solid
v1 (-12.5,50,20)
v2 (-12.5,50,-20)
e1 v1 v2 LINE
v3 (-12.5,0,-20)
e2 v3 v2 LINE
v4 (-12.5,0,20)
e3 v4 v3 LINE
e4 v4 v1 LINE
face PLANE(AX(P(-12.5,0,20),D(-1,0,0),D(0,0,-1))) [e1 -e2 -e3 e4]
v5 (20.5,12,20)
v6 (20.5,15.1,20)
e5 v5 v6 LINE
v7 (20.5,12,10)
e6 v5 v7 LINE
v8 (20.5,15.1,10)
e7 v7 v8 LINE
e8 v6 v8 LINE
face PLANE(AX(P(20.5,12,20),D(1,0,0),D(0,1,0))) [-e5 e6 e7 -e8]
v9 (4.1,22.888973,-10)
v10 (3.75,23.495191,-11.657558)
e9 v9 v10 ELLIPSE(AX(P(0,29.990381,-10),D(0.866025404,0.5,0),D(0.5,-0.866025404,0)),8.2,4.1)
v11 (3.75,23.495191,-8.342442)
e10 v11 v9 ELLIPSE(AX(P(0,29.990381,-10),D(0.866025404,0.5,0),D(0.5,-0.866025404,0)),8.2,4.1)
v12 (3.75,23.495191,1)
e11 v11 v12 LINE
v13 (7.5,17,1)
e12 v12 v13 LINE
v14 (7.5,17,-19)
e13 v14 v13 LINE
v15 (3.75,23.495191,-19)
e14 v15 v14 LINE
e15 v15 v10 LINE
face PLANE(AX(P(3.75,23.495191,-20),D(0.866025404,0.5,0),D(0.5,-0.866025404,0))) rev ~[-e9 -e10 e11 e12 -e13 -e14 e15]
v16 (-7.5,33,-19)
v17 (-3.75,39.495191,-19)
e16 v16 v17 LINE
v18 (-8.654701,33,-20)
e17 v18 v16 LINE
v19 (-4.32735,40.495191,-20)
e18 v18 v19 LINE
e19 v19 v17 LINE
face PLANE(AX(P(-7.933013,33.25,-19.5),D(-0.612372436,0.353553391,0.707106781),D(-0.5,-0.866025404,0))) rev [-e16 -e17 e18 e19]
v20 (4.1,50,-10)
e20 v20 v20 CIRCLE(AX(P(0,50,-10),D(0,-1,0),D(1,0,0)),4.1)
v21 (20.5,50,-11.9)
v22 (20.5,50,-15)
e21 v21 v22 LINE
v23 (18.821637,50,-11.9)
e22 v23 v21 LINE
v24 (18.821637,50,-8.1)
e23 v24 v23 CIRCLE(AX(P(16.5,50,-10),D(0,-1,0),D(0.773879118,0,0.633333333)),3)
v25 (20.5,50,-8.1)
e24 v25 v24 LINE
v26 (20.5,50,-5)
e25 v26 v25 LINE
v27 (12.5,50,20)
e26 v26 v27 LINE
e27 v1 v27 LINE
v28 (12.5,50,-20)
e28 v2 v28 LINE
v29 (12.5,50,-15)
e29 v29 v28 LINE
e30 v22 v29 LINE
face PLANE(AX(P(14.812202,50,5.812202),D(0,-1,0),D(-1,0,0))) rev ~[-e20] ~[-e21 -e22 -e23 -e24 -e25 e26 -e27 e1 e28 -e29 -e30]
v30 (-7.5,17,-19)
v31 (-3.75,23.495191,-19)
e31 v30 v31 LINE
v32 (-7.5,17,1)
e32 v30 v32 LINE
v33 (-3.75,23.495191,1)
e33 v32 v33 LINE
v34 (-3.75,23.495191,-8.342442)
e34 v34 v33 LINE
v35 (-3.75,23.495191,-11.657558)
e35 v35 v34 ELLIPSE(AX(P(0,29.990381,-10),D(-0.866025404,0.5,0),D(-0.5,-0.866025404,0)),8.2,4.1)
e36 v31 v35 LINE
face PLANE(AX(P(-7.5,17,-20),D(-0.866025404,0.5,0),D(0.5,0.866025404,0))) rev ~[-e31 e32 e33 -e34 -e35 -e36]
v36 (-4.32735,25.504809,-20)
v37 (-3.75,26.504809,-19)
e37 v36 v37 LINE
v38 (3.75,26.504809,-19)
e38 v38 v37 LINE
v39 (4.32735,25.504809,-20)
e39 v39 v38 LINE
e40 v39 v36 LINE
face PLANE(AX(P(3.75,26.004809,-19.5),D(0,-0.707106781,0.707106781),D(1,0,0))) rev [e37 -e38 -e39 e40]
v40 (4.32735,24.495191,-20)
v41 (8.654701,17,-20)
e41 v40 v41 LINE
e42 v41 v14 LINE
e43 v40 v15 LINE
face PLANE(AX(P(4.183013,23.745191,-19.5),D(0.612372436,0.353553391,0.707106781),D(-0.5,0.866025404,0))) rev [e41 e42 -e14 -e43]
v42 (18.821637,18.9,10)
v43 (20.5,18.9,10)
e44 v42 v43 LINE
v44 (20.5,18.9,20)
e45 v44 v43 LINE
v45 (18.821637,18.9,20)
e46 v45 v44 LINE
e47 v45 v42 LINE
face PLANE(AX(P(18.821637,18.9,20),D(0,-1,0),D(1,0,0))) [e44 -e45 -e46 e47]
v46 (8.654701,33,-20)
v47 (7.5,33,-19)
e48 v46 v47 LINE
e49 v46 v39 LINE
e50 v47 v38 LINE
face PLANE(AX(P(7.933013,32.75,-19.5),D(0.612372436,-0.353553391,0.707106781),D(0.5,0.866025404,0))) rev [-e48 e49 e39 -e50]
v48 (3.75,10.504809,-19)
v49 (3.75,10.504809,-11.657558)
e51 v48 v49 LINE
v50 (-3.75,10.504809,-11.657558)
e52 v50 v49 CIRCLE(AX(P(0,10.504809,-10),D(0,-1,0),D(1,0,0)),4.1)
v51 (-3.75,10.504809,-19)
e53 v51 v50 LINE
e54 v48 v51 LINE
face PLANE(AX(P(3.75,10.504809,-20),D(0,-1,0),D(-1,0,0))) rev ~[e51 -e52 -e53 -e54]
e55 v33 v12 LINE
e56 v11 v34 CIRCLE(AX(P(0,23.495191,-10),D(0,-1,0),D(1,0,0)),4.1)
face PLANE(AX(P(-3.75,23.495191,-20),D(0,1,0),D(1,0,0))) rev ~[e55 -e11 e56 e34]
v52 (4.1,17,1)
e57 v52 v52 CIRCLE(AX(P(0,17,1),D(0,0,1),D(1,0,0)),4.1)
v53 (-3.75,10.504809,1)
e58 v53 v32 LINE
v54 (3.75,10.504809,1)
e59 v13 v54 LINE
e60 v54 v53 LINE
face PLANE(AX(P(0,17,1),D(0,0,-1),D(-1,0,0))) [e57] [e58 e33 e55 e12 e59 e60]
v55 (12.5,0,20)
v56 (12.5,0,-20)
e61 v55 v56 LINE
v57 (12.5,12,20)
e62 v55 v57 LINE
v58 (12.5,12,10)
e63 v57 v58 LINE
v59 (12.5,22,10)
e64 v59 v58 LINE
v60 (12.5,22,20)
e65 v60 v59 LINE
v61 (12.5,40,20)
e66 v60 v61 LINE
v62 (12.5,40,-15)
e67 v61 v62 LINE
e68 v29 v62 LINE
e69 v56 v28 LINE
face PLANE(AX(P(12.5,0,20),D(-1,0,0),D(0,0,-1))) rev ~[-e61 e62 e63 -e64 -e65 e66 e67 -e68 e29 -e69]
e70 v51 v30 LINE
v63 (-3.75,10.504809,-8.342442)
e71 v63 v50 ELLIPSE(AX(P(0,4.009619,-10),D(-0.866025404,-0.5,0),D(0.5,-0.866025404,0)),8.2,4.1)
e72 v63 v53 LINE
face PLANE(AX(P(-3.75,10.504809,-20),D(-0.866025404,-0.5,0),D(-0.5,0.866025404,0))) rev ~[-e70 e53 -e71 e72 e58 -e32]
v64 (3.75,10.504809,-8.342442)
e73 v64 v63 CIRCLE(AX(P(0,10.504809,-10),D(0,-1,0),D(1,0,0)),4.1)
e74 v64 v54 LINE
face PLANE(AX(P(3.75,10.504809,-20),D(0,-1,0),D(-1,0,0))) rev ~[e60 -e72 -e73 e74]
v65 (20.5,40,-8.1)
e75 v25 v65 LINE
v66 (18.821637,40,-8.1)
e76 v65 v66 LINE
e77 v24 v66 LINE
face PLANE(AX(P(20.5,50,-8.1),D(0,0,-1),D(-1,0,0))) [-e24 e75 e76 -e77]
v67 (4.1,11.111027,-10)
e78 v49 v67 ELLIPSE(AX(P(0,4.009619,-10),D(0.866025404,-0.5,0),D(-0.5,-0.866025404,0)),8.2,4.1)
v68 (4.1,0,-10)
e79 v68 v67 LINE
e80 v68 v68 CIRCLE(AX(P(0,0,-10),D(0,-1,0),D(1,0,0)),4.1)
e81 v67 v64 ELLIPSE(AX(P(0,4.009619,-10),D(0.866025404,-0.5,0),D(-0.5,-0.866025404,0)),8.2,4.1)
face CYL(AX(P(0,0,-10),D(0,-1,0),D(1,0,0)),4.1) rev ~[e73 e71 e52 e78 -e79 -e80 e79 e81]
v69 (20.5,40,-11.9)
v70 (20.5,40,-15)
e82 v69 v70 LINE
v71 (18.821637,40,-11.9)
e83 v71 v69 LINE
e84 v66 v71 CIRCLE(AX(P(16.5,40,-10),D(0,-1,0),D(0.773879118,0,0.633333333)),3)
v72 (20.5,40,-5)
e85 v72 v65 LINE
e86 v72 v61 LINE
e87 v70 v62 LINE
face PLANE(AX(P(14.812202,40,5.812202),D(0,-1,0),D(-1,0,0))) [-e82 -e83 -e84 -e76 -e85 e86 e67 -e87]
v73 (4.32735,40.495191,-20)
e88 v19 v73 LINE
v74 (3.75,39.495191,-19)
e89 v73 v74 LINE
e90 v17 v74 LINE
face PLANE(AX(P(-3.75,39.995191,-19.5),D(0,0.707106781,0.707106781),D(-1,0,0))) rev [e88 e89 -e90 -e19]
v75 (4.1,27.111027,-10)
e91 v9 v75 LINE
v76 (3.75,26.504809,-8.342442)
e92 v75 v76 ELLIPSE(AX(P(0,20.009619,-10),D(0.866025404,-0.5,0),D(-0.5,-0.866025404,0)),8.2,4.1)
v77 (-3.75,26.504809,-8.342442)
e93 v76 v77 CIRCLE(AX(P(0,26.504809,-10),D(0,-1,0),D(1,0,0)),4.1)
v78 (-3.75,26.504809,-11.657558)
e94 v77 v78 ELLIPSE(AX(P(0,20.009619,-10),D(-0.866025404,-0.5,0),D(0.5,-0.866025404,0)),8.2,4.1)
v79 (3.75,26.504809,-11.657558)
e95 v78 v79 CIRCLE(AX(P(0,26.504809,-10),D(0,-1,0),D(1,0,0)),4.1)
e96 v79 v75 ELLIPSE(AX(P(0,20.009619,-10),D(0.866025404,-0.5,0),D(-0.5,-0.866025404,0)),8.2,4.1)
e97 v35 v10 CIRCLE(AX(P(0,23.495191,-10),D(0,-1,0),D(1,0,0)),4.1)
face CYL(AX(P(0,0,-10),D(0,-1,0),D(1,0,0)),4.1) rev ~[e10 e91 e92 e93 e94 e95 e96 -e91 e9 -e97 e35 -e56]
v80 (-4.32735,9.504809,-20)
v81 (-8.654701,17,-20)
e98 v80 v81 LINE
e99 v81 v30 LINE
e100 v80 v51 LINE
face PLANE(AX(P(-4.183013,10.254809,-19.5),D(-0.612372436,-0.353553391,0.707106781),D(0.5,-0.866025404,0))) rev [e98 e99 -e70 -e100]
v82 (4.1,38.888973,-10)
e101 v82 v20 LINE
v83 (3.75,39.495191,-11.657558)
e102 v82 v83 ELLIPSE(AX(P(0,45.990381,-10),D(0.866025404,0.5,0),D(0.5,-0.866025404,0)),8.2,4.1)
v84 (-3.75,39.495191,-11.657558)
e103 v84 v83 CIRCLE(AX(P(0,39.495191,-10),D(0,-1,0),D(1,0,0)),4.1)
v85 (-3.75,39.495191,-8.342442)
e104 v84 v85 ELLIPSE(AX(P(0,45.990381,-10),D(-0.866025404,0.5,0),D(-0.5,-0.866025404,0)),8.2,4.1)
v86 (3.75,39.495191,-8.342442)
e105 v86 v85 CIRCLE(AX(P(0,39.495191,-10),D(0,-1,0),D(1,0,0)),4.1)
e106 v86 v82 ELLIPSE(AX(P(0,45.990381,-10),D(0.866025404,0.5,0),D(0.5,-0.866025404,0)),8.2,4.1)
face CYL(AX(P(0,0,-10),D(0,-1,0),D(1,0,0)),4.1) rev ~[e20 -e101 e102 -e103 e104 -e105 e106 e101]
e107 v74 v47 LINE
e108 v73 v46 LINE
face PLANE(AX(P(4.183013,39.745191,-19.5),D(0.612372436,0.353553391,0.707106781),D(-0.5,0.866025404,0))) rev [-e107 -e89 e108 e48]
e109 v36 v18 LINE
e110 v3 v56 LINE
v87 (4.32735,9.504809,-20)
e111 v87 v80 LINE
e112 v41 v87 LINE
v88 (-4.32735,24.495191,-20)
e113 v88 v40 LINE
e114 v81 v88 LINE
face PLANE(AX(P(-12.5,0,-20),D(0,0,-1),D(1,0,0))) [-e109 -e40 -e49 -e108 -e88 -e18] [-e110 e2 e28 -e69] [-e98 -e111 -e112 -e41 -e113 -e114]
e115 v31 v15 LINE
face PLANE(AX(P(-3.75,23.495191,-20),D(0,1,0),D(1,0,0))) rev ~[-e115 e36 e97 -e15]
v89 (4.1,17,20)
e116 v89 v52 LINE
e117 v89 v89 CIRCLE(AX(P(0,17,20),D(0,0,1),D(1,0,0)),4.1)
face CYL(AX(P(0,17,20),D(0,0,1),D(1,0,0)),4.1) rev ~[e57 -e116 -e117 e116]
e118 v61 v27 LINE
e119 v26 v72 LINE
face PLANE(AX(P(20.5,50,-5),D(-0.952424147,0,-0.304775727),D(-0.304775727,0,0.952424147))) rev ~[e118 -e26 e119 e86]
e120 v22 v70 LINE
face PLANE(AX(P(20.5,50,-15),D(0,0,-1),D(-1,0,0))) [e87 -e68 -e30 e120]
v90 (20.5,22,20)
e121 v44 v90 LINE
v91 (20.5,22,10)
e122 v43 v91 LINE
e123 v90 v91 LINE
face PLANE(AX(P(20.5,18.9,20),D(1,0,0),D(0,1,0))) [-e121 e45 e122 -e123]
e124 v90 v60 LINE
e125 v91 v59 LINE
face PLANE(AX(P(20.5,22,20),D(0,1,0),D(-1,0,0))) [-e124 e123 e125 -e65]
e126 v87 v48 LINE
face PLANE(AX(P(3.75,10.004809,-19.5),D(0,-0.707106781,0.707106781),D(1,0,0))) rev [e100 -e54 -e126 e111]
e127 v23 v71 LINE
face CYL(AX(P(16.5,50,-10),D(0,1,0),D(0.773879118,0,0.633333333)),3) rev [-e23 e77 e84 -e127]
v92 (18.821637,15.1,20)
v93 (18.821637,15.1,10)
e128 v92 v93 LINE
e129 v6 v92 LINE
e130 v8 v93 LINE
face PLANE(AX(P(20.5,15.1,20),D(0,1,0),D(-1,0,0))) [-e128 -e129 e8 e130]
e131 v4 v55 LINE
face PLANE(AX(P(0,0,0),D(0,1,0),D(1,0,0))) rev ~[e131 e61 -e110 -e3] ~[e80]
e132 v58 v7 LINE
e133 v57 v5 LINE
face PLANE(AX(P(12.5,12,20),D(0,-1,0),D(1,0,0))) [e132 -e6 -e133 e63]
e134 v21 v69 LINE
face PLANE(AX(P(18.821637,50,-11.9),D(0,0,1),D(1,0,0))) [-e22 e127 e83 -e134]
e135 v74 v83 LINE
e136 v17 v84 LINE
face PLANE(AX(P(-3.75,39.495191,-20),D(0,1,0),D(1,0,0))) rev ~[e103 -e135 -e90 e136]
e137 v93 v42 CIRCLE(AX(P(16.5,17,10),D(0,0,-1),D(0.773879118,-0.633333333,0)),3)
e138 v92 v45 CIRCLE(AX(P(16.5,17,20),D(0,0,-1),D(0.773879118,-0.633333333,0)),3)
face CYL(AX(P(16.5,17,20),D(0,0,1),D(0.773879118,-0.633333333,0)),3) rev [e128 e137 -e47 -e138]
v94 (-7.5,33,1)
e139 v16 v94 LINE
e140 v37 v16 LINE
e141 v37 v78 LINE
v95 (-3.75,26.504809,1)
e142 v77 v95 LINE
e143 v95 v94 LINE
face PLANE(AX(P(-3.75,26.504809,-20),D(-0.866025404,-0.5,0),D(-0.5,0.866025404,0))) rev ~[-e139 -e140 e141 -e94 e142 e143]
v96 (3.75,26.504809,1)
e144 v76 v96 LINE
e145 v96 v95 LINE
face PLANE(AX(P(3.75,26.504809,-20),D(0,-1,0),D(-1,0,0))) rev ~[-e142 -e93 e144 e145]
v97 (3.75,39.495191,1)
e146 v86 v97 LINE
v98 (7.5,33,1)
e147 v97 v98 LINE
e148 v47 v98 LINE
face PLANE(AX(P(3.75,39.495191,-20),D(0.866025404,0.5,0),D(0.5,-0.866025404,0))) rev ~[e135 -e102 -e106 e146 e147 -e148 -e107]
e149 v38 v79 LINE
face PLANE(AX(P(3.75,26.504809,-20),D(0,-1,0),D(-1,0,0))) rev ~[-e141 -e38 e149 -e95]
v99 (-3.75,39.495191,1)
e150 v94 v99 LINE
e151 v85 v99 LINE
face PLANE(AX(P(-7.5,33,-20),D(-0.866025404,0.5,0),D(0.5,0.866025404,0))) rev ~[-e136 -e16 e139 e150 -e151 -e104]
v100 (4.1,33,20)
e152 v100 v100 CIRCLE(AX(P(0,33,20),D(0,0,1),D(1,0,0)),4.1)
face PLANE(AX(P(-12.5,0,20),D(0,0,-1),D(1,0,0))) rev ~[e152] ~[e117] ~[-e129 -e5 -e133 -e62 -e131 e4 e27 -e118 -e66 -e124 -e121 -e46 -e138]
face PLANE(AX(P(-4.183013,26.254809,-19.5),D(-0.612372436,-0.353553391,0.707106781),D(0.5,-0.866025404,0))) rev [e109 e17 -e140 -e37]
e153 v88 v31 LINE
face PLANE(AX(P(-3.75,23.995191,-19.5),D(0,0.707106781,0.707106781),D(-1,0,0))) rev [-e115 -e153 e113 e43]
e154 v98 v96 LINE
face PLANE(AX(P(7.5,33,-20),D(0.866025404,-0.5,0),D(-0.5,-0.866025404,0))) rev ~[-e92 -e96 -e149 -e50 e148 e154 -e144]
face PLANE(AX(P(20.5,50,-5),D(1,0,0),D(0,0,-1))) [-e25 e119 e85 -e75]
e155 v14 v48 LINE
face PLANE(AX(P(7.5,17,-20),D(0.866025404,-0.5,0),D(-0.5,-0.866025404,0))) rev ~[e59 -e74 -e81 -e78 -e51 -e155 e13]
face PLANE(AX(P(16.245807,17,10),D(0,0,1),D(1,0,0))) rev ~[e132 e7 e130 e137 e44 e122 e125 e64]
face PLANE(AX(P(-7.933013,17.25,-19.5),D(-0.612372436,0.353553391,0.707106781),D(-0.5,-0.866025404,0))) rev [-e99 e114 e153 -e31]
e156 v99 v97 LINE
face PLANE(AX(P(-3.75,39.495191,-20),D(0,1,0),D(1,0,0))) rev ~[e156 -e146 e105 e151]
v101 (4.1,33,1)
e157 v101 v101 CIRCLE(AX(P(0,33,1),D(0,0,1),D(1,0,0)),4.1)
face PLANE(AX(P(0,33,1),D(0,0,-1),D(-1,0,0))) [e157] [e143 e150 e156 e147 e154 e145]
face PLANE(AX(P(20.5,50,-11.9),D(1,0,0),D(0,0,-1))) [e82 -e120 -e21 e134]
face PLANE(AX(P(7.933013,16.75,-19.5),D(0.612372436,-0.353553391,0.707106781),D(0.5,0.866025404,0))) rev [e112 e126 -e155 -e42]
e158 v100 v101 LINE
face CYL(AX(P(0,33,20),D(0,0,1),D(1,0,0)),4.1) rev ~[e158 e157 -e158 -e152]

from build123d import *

# Parameters (mm, degrees)
SKETCH1_W           = 25
SKETCH1_H           = 40
BOSS_EXTRUDE1_DEPTH = 50
SKETCH2_R           = 4.1
CUT_EXTRUDE1_DEPTH  = 51
SKETCH3_R           = 4.1
CUT_EXTRUDE2_DEPTH  = 41
CUT_EXTRUDE3_DEPTH  = 21
BOSS_EXTRUDE2_DEPTH = 10
BOSS_EXTRUDE3_DEPTH = 10
CHAMFER1_SIZE       = 1
BOSS_EXTRUDE4_DEPTH = 10


with BuildPart() as part:
    # Sketch1 → Boss-Extrude1 (new body)
    with BuildSketch(Plane(origin=(0, 0, 0), x_dir=(1, 0, 0), z_dir=(0, 1, 0))):
        Rectangle(SKETCH1_W, SKETCH1_H)
    extrude(amount=BOSS_EXTRUDE1_DEPTH)

    # Sketch2 → Cut-Extrude1 (cut, through all)
    with BuildSketch(Plane.XZ):
        with Locations((0, -10)):
            Circle(SKETCH2_R)
    extrude(amount=-CUT_EXTRUDE1_DEPTH, mode=Mode.SUBTRACT)

    # Sketch3 → Cut-Extrude2 (cut, through all)
    with BuildSketch(Plane.XY.offset(20)):
        with Locations((0, 17)):
            Circle(SKETCH3_R)
        with Locations((0, 33)):
            Circle(SKETCH3_R)
    extrude(amount=-CUT_EXTRUDE2_DEPTH, mode=Mode.SUBTRACT)

    # Sketch4 → Cut-Extrude3 (cut)
    with BuildSketch(Plane(origin=(0, 0, -20), x_dir=(-1, 0, 0), z_dir=(0, 0, -1))):
        Polygon((-7.5, 17), (-3.75, 10.504809472), (3.75, 10.504809472), (7.5, 17), (3.75, 23.495190528), (-3.75, 23.495190528), align=None)
        Polygon((3.75, 39.495190528), (-3.75, 39.495190528), (-7.5, 33), (-3.75, 26.504809472), (3.75, 26.504809472), (7.5, 33), align=None)
    extrude(amount=-CUT_EXTRUDE3_DEPTH, mode=Mode.SUBTRACT)

    # Sketch5 → Boss-Extrude2 (add)
    with BuildSketch(Plane(origin=(0, 50, 0), x_dir=(1, 0, 0), z_dir=(0, 1, 0))):
        with BuildLine():
            Line((12.5, 5), (20.5, 5))
            Line((20.5, 5), (20.5, 8.1))
            Line((20.5, 8.1), (18.821637353, 8.1))
            ThreePointArc((18.821637353, 8.1), (13.5, 10), (18.821637353, 11.9))
            Line((18.821637353, 11.9), (20.5, 11.9))
            Line((20.5, 11.9), (20.5, 15))
            Line((20.5, 15), (12.5, 15))
            Line((12.5, 15), (12.5, 5))
        make_face()
    extrude(amount=-BOSS_EXTRUDE2_DEPTH)

    # Sketch6 → Boss-Extrude3 (add)
    with BuildSketch(Plane.XY.offset(20)):
        with BuildLine():
            Line((12.5, 12), (20.5, 12))
            Line((20.5, 12), (20.5, 15.1))
            Line((20.5, 15.1), (18.821637353, 15.1))
            ThreePointArc((18.821637353, 15.1), (13.5, 17), (18.821637353, 18.9))
            Line((18.821637353, 18.9), (20.5, 18.9))
            Line((20.5, 18.9), (20.5, 22))
            Line((20.5, 22), (12.5, 22))
            Line((12.5, 22), (12.5, 12))
        make_face()
    extrude(amount=-BOSS_EXTRUDE3_DEPTH)

    # Chamfer1
    chamfer1_edges = [part.edges().sort_by_distance(p)[0] for p in [
        (5.625, 20.247595264, -20),
        (5.625, 13.752404736, -20),
        (0, 10.504809472, -20),
        (-5.625, 13.752404736, -20),
        (-5.625, 20.247595264, -20),
        (0, 23.495190528, -20),
        (-5.625, 36.247595264, -20),
        (0, 39.495190528, -20),
        (5.625, 36.247595264, -20),
        (5.625, 29.752404736, -20),
        (0, 26.504809472, -20),
        (-5.625, 29.752404736, -20),
    ]]
    chamfer(chamfer1_edges, length=CHAMFER1_SIZE)

    # Sketch7 → Boss-Extrude4 (add)
    with BuildSketch(Plane(origin=(0, 50, 0), x_dir=(1, 0, 0), z_dir=(0, 1, 0))):
        Polygon((20.5, 5), (12.5, -20), (12.5, 5), align=None)
    extrude(amount=-BOSS_EXTRUDE4_DEPTH)


solid = part.part
